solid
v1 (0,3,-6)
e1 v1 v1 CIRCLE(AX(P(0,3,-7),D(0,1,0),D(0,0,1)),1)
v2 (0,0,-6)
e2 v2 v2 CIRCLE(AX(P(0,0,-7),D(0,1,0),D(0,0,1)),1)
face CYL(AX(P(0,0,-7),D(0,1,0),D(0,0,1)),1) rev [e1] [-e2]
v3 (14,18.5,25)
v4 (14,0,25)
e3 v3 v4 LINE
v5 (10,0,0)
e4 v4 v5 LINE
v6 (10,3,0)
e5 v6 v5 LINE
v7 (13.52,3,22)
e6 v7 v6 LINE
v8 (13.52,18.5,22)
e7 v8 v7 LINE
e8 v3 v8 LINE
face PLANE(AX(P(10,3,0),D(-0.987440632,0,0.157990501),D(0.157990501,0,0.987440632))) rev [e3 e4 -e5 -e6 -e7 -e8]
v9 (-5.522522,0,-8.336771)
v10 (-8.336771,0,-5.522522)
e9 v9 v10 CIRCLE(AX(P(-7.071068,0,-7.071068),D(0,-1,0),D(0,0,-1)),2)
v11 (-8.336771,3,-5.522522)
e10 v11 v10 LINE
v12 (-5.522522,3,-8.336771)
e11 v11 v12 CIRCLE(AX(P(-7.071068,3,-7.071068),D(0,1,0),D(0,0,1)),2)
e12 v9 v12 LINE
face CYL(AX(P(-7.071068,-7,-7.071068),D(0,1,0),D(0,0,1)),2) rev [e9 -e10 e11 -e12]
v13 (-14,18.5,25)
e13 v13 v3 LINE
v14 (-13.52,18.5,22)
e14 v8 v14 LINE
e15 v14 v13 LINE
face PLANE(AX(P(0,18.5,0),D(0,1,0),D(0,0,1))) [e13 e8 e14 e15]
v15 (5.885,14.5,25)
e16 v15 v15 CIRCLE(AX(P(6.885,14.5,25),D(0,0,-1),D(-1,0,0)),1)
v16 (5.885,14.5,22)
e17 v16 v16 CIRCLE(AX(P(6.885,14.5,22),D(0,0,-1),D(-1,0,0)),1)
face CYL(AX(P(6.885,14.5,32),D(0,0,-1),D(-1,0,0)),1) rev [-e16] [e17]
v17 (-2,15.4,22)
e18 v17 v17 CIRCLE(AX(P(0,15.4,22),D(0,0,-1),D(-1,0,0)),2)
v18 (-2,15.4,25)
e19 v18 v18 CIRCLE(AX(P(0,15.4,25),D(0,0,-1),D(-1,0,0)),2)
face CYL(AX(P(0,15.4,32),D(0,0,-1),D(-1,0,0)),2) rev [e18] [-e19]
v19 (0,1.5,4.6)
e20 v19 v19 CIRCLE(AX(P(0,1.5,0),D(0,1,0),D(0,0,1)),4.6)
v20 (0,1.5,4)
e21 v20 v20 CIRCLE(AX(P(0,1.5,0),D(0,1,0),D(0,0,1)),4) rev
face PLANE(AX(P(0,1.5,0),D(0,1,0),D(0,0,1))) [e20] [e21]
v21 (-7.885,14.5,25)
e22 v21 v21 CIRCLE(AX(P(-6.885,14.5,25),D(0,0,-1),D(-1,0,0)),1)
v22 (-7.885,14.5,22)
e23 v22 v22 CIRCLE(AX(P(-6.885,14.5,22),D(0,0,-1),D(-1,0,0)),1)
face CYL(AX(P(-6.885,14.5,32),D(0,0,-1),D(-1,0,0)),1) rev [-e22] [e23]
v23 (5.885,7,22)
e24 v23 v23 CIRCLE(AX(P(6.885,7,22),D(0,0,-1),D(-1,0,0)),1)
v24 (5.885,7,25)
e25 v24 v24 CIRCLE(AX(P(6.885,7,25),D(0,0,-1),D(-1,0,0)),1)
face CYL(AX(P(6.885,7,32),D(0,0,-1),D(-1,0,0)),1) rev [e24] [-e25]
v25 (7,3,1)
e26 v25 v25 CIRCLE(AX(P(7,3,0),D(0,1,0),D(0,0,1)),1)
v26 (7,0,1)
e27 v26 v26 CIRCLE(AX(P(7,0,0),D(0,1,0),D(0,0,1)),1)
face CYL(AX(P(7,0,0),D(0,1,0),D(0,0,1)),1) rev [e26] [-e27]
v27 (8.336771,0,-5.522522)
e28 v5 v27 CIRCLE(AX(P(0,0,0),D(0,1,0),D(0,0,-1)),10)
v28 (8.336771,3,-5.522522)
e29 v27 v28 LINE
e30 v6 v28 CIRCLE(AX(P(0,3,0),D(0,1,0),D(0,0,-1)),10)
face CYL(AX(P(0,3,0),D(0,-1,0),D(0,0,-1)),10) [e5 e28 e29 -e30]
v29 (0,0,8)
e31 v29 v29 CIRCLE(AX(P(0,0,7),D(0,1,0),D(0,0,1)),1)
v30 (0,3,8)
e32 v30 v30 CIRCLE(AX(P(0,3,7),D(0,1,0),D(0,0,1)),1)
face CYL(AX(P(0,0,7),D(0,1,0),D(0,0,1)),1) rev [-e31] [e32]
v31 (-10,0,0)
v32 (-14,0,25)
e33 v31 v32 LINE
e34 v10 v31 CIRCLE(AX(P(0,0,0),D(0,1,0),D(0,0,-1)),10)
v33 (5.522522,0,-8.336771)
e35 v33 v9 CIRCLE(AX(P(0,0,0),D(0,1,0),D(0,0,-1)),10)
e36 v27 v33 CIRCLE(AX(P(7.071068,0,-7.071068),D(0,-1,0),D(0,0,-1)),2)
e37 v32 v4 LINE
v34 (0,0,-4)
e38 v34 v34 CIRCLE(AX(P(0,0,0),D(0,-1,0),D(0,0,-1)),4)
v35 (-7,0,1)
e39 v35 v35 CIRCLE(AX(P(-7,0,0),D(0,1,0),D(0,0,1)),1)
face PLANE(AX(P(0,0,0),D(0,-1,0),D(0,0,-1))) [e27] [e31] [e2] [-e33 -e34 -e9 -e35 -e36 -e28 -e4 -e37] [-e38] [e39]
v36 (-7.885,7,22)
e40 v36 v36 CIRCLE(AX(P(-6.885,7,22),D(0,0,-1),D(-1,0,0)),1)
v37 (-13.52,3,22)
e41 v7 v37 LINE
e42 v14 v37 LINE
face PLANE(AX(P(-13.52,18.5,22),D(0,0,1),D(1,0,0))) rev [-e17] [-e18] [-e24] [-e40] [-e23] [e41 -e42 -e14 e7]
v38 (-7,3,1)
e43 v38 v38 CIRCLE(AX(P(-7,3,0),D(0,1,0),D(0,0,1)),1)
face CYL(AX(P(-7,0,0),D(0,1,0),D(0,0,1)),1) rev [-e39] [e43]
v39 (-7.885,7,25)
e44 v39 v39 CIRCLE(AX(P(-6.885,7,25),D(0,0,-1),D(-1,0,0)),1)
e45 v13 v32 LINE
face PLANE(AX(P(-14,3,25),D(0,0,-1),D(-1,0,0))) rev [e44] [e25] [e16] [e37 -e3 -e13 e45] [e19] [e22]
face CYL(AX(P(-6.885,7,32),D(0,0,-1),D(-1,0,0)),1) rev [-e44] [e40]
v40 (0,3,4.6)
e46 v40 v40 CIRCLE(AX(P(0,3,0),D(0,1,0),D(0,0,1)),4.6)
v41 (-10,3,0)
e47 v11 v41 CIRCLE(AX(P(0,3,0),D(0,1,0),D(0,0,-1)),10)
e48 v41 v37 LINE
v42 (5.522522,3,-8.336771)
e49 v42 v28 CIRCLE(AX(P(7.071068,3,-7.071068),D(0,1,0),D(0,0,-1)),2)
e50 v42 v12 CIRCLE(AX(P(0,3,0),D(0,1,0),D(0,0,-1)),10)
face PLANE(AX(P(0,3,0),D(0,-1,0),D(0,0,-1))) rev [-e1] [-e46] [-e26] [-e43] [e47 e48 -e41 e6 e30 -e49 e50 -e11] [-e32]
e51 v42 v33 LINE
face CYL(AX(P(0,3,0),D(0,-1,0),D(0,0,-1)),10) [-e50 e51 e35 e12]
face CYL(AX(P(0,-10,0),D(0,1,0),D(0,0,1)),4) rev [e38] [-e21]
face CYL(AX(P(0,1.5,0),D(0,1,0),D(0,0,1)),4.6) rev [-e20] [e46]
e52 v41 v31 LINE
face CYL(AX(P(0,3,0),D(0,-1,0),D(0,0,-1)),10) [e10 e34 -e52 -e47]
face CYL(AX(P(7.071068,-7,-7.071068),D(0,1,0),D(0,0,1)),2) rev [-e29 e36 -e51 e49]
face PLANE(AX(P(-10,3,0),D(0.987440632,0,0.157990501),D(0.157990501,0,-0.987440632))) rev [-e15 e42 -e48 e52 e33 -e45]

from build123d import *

# Parameters (mm, degrees)
BOSS_EXTRUDE1_DEPTH = 3
SKETCH2_R           = 4
CUT_EXTRUDE1_DEPTH  = 13
SKETCH4_R           = 1
CUT_EXTRUDE3_DEPTH  = 3
BOSS_EXTRUDE2_DEPTH = 15.5
SKETCH6_R           = 4.6
CUT_EXTRUDE4_DEPTH  = 1.5
SKETCH7_R           = 2
CUT_EXTRUDE5_DEPTH  = 10
SKETCH8_R           = 1
CUT_EXTRUDE6_DEPTH  = 10
SKETCH9_R           = 2
CUT_EXTRUDE7_DEPTH  = 10


with BuildPart() as part:
    # Sketch1 → Boss-Extrude1 (new body)
    with BuildSketch(Plane(origin=(0, 0, 0), x_dir=(1, 0, 0), z_dir=(0, 1, 0))):
        with BuildLine():
            Line((-10, 0), (-14, -25))
            Line((-14, -25), (14, -25))
            Line((14, -25), (10, 0))
            ThreePointArc((10, 0), (0, 10), (-10, 0))
        make_face()
    extrude(amount=BOSS_EXTRUDE1_DEPTH)

    # Sketch2 → Cut-Extrude1 (cut)
    with BuildSketch(Plane(origin=(0, 3, 0), x_dir=(1, 0, 0), z_dir=(0, 1, 0))):
        Circle(SKETCH2_R)
    extrude(amount=-CUT_EXTRUDE1_DEPTH, mode=Mode.SUBTRACT)

    # Sketch4 → Cut-Extrude3 (cut)
    with BuildSketch(Plane(origin=(0, 3, 0), x_dir=(1, 0, 0), z_dir=(0, 1, 0))):
        with Locations((0, -7)):
            Circle(SKETCH4_R)
        with Locations((-7, 0)):
            Circle(SKETCH4_R)
        with Locations((0, 7)):
            Circle(SKETCH4_R)
        with Locations((7, 0)):
            Circle(SKETCH4_R)
    extrude(amount=-CUT_EXTRUDE3_DEPTH, mode=Mode.SUBTRACT)

    # Sketch5 → Boss-Extrude2 (add)
    with BuildSketch(Plane(origin=(0, 3, 0), x_dir=(1, 0, 0), z_dir=(0, 1, 0))):
        Polygon((-13.52, -22), (13.52, -22), (14, -25), (-14, -25), align=None)
    extrude(amount=BOSS_EXTRUDE2_DEPTH)

    # Sketch6 → Cut-Extrude4 (cut)
    with BuildSketch(Plane(origin=(0, 3, 0), x_dir=(1, 0, 0), z_dir=(0, 1, 0))):
        Circle(SKETCH6_R)
    extrude(amount=-CUT_EXTRUDE4_DEPTH, mode=Mode.SUBTRACT)

    # Sketch7 → Cut-Extrude5 (cut)
    with BuildSketch(Plane(origin=(0, 3, 0), x_dir=(1, 0, 0), z_dir=(0, 1, 0))):
        with Locations((-7.071067812, 7.071067812)):
            Circle(SKETCH7_R)
        with Locations((7.071067812, 7.071067812)):
            Circle(SKETCH7_R)
    extrude(amount=-CUT_EXTRUDE5_DEPTH, mode=Mode.SUBTRACT)

    # Sketch8 → Cut-Extrude6 (cut)
    with BuildSketch(Plane(origin=(0, 0, 22), x_dir=(-1, 0, 0), z_dir=(0, 0, -1))):
        with Locations((6.885, 7)):
            Circle(SKETCH8_R)
        with Locations((-6.885, 7)):
            Circle(SKETCH8_R)
        with Locations((6.885, 14.5)):
            Circle(SKETCH8_R)
        with Locations((-6.885, 14.5)):
            Circle(SKETCH8_R)
    extrude(amount=-CUT_EXTRUDE6_DEPTH, mode=Mode.SUBTRACT)

    # Sketch9 → Cut-Extrude7 (cut)
    with BuildSketch(Plane(origin=(0, 0, 22), x_dir=(-1, 0, 0), z_dir=(0, 0, -1))):
        with Locations((0, 15.4)):
            Circle(SKETCH9_R)
    extrude(amount=-CUT_EXTRUDE7_DEPTH, mode=Mode.SUBTRACT)


solid = part.part
